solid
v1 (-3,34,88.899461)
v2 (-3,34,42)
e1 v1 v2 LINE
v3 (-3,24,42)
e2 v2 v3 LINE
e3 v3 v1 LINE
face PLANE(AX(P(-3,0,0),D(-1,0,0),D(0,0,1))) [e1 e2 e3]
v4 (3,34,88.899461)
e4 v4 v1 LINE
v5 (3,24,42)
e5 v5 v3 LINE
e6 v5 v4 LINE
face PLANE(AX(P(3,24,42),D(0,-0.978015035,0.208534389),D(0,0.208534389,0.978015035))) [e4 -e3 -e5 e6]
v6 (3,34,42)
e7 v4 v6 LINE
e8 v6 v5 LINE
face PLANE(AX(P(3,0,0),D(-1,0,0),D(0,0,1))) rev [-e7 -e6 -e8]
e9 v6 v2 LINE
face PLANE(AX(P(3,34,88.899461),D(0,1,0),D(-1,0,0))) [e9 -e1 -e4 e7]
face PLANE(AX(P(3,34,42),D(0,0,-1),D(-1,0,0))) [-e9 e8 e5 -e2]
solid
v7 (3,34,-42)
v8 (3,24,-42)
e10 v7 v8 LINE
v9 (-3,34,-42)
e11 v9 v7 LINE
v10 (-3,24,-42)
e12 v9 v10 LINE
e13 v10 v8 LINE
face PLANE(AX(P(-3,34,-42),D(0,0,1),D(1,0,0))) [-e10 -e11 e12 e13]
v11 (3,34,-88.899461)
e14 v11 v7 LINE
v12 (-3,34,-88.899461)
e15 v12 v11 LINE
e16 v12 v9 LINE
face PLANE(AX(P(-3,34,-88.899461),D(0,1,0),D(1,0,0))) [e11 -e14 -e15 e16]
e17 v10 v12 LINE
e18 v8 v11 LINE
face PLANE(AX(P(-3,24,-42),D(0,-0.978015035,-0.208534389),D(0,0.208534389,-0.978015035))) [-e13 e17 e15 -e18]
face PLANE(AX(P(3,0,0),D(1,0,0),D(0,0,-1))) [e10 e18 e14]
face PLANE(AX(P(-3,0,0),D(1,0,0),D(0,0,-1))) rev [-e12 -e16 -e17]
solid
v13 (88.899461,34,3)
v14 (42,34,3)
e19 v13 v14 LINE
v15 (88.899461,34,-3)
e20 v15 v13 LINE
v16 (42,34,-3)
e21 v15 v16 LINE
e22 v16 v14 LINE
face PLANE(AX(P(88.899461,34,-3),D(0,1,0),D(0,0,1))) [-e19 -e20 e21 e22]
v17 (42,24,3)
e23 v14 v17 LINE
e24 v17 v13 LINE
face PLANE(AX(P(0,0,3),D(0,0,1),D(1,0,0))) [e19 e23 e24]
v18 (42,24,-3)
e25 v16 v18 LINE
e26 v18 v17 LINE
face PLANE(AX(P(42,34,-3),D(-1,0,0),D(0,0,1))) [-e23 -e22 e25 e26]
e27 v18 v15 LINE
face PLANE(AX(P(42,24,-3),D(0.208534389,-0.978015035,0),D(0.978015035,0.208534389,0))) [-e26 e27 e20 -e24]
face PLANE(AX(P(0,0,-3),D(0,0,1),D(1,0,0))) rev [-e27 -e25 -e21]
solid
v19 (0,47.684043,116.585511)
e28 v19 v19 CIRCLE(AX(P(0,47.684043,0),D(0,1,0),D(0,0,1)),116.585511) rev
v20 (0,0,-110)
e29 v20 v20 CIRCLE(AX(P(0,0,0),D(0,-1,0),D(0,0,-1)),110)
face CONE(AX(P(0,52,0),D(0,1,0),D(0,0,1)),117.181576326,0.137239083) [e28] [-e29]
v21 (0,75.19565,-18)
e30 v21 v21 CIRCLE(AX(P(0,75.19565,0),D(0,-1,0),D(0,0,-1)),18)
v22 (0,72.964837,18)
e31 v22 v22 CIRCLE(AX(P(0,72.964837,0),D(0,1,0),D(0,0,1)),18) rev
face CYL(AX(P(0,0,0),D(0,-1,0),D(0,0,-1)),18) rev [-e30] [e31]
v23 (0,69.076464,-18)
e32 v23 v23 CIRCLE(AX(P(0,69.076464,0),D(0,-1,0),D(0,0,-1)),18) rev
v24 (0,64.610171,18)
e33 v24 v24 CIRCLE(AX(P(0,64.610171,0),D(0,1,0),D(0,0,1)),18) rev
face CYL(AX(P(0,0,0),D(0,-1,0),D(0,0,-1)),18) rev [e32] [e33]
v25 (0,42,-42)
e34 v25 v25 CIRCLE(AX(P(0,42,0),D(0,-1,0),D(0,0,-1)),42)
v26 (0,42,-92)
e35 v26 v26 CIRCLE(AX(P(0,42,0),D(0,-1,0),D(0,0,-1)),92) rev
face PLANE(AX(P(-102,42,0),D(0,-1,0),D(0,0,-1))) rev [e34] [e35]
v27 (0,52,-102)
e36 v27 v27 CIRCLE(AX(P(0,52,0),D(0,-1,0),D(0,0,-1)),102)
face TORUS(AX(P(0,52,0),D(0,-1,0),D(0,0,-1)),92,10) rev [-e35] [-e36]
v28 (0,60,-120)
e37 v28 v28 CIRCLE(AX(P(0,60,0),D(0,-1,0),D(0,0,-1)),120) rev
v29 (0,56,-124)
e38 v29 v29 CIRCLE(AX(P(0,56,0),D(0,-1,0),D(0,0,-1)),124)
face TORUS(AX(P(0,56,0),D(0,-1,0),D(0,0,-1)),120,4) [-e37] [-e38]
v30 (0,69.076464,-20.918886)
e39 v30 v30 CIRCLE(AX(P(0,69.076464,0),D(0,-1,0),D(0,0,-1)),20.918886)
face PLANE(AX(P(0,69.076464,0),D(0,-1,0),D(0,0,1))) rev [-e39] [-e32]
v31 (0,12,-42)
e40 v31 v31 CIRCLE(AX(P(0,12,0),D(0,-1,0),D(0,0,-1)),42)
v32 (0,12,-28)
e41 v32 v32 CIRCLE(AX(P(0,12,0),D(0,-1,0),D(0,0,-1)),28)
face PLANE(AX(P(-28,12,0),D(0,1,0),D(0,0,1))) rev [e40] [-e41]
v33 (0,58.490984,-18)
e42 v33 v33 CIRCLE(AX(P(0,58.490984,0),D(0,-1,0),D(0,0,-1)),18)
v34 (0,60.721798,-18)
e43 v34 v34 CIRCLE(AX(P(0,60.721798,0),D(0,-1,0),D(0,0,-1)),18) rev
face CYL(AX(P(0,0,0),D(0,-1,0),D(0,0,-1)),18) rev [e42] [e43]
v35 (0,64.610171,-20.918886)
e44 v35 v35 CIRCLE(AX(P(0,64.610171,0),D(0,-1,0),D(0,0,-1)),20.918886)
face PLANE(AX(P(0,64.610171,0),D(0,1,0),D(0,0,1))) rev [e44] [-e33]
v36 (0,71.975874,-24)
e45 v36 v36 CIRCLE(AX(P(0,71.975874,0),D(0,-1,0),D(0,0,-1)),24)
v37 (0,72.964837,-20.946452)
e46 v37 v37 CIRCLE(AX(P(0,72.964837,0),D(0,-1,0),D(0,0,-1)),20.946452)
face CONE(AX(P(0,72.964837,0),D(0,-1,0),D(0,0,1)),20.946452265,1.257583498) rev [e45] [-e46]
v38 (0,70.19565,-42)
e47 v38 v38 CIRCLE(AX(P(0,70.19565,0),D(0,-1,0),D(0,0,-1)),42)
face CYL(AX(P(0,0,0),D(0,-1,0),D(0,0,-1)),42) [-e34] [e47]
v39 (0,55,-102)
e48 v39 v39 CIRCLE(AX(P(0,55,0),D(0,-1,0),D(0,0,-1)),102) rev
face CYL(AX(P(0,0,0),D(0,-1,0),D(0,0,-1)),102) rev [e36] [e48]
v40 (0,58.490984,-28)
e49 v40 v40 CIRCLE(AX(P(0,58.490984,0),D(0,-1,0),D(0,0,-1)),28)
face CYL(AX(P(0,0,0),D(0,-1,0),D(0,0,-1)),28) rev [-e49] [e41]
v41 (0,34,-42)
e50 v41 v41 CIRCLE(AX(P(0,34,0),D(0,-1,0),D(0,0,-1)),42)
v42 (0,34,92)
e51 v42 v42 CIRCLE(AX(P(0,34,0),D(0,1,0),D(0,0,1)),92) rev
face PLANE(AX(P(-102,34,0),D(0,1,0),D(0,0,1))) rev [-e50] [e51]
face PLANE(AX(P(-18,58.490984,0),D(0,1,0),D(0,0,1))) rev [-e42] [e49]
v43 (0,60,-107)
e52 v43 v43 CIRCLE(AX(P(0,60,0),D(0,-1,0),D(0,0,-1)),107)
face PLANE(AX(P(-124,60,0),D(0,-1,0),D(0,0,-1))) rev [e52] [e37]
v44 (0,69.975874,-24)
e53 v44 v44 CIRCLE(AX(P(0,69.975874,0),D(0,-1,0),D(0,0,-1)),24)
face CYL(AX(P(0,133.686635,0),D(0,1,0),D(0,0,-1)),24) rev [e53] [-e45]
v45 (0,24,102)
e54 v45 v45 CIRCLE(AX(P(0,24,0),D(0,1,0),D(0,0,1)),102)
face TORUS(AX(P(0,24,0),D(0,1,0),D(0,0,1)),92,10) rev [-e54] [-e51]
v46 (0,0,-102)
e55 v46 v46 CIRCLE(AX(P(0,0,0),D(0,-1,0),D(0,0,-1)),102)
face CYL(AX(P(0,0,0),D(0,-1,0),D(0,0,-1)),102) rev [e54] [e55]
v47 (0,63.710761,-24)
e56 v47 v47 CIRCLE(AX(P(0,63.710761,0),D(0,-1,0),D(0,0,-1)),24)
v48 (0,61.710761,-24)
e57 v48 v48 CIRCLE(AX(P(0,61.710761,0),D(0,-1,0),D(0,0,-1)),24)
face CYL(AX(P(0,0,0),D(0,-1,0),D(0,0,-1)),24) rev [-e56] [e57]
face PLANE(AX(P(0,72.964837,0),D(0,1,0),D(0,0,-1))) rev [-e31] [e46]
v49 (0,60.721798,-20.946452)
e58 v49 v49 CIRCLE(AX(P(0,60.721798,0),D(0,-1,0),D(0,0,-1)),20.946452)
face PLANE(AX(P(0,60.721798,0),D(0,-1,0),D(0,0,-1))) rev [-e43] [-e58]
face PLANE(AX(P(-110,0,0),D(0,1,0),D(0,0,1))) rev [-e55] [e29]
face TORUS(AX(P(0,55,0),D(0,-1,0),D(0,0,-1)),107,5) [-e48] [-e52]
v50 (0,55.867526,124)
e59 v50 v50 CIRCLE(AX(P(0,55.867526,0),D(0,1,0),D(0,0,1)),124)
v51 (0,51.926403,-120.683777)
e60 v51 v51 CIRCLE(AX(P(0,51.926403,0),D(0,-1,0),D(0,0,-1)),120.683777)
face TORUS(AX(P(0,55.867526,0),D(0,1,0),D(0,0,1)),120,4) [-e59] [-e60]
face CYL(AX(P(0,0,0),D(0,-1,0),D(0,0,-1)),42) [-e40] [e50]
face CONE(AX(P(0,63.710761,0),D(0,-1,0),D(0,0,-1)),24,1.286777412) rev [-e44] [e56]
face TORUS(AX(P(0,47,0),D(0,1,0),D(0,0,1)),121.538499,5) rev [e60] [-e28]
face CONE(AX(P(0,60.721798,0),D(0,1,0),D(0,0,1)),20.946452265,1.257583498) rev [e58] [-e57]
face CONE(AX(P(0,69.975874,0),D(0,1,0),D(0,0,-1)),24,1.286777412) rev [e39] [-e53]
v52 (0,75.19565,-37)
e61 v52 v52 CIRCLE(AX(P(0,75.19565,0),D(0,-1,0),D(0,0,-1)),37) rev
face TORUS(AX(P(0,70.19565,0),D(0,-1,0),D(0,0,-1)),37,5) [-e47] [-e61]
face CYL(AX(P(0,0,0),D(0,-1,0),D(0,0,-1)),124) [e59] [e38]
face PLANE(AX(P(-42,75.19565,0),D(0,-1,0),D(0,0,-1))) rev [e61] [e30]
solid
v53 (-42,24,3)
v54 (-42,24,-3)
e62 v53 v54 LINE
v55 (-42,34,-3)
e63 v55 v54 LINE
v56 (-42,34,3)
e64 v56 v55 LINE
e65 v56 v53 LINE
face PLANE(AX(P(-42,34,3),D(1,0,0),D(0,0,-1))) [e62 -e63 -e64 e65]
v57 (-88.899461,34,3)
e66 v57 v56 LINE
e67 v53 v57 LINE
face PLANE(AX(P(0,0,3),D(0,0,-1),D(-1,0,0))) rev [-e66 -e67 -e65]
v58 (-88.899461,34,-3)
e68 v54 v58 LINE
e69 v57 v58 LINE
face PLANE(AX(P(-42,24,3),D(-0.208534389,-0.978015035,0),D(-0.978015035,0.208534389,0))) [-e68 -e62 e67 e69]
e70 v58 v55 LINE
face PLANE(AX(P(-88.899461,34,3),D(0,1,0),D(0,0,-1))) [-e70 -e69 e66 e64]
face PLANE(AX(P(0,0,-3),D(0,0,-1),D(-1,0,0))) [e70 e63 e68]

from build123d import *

# Parameters (mm, degrees)
REDONDEO1_R                  = 5
REDONDEO2_R                  = 10
REDONDEO3_R                  = 5
REDONDEO5_R                  = 4
REDONDEO6_R                  = 4
REDONDEO7_R                  = 5
REDONDEO8_R                  = 10
SALIENTE_EXTRUIR2_DEPTH      = 3
SALIENTE_EXTRUIR2_DEPTH_BACK = 3
MATRIZC2_COUNT               = 4


with BuildPart() as part:
    # Croquis1 → Revolución1 (revolve)
    with BuildSketch(Plane.XY):
        Polygon((-102, 42), (-102, 60), (-124, 60), (-124, 52), (-117.181576326, 52), (-110, 0), (-102, 0), (-102, 34), (-42, 34), (-42, 12), (-28, 12), (-28, 58.490984474), (-18, 58.490984474), (-18, 75.195650491), (-42, 75.195650491), (-42, 42), align=None)
    revolve(axis=Axis((0, 0, 0), (0, 1, 0)))

    # Redondeo1
    redondeo1_edges = [part.edges().sort_by_distance(p)[0] for p in [
        (102, 60, 0),
    ]]
    fillet(redondeo1_edges, radius=REDONDEO1_R)

    # Redondeo2
    redondeo2_edges = [part.edges().sort_by_distance(p)[0] for p in [
        (102, 42, 0),
    ]]
    fillet(redondeo2_edges, radius=REDONDEO2_R)

    # Redondeo3
    redondeo3_edges = [part.edges().sort_by_distance(p)[0] for p in [
        (117.181576326, 52, 0),
    ]]
    fillet(redondeo3_edges, radius=REDONDEO3_R)

    # Redondeo5
    redondeo5_edges = [part.edges().sort_by_distance(p)[0] for p in [
        (124, 60, 0),
    ]]
    fillet(redondeo5_edges, radius=REDONDEO5_R)

    # Redondeo6
    redondeo6_edges = [part.edges().sort_by_distance(p)[0] for p in [
        (124, 52, 0),
    ]]
    fillet(redondeo6_edges, radius=REDONDEO6_R)

    # Redondeo7
    redondeo7_edges = [part.edges().sort_by_distance(p)[0] for p in [
        (42, 75.195650491, 0),
    ]]
    fillet(redondeo7_edges, radius=REDONDEO7_R)

    # Redondeo8
    redondeo8_edges = [part.edges().sort_by_distance(p)[0] for p in [
        (102, 34, 0),
    ]]
    fillet(redondeo8_edges, radius=REDONDEO8_R)

    # Croquis3 → Cortar-Revolución1 (revolve, cut)
    with BuildSketch(Plane.XY):
        Polygon((20.918885799, 64.610171286), (24, 63.710761352), (24, 61.710761352), (20.946452265, 60.721797662), (0, 60.721797662), (0, 64.610171286), align=None)
    cortar_revoluci_n1 = revolve(axis=Axis((0, 0, 0), (0, 1, 0)), mode=Mode.SUBTRACT)

    # Simetría1: Cortar-Revolución1 across plane
    add(cortar_revoluci_n1.mirror(Plane(origin=(0, 66.843317483, 0), x_dir=(0, 0, 1), z_dir=(0, -1, 0))), mode=Mode.SUBTRACT)


with BuildPart() as body_2:
    # Croquis4 → Saliente-Extruir2 (new, two sides: drawn at the far end of the back side and taken through both)
    with BuildSketch(Plane.XY.offset(-SALIENTE_EXTRUIR2_DEPTH_BACK)):
        Polygon((42, 34), (42, 24), (88.899460504, 34), align=None)
    extrude(amount=SALIENTE_EXTRUIR2_DEPTH + SALIENTE_EXTRUIR2_DEPTH_BACK)


with BuildPart() as matrizc2_1:
    # MatrizC2: pattern copy
    add(body_2.part.rotate(Axis((0, 34, 0), (0, -1, 0)), 1 * 360 / MATRIZC2_COUNT))


with BuildPart() as matrizc2_2:
    # MatrizC2: pattern copy
    add(body_2.part.rotate(Axis((0, 34, 0), (0, -1, 0)), 2 * 360 / MATRIZC2_COUNT))


with BuildPart() as matrizc2_3:
    # MatrizC2: pattern copy
    add(body_2.part.rotate(Axis((0, 34, 0), (0, -1, 0)), 3 * 360 / MATRIZC2_COUNT))


solid = Compound([part.part, body_2.part, matrizc2_1.part, matrizc2_2.part, matrizc2_3.part])
